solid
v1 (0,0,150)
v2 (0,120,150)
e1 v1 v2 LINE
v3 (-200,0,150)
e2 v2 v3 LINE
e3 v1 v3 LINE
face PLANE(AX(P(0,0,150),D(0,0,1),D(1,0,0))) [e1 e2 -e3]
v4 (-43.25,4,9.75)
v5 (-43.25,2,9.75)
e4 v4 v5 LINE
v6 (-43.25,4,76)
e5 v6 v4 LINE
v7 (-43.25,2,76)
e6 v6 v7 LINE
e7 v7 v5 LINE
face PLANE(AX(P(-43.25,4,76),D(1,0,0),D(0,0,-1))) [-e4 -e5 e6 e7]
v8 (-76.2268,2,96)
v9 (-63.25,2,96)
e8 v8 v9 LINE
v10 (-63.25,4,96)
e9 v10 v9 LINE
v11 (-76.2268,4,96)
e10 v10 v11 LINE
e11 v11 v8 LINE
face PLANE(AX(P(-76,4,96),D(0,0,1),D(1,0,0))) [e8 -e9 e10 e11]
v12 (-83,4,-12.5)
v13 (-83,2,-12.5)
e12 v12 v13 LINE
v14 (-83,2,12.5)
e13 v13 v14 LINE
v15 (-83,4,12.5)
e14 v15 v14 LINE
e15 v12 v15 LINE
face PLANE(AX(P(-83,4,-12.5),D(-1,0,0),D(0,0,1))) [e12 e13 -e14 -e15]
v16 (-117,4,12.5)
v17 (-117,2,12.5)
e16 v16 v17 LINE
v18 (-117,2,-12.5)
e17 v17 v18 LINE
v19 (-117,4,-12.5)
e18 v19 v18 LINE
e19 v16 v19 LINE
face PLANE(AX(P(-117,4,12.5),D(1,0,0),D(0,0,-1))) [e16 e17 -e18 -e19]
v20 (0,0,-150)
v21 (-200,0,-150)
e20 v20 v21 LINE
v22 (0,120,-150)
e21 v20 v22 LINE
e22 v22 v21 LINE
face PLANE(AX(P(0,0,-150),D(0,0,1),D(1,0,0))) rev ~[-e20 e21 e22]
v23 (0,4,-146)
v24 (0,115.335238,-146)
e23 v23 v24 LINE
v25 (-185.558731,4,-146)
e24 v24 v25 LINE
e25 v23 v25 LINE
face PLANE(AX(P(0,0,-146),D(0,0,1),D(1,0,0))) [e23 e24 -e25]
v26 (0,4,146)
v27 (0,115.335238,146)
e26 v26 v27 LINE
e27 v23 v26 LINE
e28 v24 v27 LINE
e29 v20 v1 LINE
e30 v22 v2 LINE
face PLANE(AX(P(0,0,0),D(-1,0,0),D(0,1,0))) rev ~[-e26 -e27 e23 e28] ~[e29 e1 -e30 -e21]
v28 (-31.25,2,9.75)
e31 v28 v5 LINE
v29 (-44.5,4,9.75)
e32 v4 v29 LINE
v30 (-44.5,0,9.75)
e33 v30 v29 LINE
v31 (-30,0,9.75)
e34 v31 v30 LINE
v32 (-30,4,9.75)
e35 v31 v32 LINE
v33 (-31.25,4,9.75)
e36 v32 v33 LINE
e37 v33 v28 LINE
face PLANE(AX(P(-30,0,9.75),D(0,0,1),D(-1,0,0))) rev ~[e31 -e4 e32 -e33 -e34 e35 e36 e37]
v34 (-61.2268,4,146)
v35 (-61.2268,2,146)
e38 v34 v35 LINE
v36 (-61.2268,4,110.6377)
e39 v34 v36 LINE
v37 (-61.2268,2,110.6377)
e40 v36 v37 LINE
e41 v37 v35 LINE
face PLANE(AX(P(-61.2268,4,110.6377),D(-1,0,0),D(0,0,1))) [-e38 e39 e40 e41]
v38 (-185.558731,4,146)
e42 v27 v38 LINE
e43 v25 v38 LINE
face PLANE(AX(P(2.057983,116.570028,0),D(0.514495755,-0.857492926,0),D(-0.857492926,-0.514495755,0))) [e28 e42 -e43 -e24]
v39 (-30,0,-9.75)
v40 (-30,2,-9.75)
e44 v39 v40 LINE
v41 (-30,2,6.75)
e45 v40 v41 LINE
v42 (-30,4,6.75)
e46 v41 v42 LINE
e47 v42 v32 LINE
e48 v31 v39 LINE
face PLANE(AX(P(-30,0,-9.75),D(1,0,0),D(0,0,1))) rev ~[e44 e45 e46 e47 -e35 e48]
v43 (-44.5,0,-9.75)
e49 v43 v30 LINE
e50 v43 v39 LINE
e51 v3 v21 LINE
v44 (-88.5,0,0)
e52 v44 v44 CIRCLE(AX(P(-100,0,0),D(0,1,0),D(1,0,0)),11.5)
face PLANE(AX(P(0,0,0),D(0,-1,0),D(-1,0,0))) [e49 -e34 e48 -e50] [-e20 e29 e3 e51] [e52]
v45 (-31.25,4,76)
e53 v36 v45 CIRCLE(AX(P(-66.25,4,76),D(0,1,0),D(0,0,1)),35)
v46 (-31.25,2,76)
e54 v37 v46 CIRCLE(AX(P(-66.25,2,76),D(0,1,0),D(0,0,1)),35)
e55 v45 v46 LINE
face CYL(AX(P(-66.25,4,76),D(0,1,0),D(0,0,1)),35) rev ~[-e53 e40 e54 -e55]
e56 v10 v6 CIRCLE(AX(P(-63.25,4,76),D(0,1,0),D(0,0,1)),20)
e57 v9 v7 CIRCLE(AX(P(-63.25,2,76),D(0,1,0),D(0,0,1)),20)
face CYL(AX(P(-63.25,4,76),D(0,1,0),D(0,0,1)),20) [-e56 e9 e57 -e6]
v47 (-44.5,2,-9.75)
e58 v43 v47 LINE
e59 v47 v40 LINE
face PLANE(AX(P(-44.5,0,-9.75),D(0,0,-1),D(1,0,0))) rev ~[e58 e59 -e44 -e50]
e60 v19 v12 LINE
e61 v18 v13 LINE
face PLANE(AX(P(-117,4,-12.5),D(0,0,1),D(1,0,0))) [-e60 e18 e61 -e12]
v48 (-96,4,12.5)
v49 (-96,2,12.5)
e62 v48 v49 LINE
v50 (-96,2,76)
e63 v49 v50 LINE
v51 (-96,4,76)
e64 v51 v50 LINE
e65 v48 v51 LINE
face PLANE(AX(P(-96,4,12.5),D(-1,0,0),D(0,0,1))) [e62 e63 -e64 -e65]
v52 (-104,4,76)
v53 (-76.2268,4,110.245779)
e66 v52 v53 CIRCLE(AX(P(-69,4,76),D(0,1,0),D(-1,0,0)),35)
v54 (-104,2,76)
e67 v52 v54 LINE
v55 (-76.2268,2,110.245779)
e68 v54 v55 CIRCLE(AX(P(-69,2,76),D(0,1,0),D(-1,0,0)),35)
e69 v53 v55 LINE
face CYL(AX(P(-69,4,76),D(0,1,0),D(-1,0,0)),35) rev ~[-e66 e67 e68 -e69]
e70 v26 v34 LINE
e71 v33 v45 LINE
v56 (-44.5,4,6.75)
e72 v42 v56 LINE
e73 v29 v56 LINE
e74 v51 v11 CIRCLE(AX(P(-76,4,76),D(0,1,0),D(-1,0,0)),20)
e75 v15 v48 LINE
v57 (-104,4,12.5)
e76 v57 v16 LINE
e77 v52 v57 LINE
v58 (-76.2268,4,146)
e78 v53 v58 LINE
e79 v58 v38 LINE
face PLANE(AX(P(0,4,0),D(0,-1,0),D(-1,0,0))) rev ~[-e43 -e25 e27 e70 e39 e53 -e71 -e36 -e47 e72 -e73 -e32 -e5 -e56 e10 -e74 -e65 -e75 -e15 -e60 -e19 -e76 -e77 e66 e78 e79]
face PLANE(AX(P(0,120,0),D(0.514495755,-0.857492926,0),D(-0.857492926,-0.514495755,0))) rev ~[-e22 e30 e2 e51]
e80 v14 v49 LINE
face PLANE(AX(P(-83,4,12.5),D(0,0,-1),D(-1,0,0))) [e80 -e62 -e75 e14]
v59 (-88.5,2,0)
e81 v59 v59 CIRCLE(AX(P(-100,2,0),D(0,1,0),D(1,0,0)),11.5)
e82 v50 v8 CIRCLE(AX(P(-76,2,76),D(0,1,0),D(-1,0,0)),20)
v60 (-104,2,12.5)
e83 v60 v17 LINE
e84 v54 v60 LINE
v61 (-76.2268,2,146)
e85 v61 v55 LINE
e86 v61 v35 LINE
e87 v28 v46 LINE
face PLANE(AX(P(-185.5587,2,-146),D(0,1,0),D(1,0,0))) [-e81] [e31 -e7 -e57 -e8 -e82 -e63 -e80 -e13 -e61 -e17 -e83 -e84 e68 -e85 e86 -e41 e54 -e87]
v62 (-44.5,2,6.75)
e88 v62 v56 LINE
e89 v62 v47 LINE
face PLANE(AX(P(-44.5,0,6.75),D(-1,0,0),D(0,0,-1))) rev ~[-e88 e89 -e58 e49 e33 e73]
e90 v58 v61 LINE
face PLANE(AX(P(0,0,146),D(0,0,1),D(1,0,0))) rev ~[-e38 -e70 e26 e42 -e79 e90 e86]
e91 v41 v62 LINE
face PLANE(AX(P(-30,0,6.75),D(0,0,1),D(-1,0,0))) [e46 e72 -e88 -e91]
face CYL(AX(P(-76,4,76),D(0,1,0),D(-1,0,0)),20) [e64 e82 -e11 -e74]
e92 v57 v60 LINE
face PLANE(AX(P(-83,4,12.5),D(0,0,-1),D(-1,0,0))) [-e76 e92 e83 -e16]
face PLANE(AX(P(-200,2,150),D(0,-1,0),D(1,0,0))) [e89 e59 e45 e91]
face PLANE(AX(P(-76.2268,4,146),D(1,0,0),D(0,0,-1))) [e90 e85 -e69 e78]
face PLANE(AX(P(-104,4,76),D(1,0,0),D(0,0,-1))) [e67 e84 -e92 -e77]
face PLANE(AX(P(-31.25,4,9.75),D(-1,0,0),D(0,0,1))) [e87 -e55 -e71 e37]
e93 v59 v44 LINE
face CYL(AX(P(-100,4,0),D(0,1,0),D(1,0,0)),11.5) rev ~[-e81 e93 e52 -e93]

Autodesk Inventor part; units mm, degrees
ref_plane "YZ Plane" through (0, 0, 0) normal (1, 0, 0) x (0, 1, 0)
ref_plane "XZ Plane" through (0, 0, 0) normal (0, 1, 0) x (-1, 0, 0)
ref_plane "XY Plane" through (0, 0, 0) normal (0, 0, 1) x (1, 0, 0)
sketch "Szkic1" plane through (0, 0, 0) normal (0, 0, 1) x (1, 0, 0)
  line L0 (0, 0) -> (-200, 0)
  line L1 (0, 0) -> (0, 120)
  line L2 (0, 120) -> (-200, 0)
  dimension "d0" = 200
  dimension "d1" = 120
extrude "Wyciągnięcie proste1" add sketch "Szkic1" along normal mid plane 300
shell "Skorupa1" thickness 4 removed faces 1 at (0, 40, -50)
sketch "Szkic2" plane through (-185.5587, 4, -146) normal (0, 1, 0) x (1, 0, 0)
  line L0 (68.5587, -133.5) -> (102.5587, -133.5)
  line L1 (102.5587, -133.5) -> (102.5587, -158.5)
  line L2 (102.5587, -158.5) -> (68.5587, -158.5)
  line L3 (68.5587, -158.5) -> (68.5587, -133.5)
  line L4 (185.5587, 4) -> (-14.4413, 4) projected
  line L5 (185.5587, 4) -> (185.5587, -296) projected
  circle A0 centre (85.5587, -146) radius 11.5
  point P0 (185.5587, -146)
  dimension "d5" = 34
  dimension "d6" = 25
  dimension "d7" = 137.5
  dimension "d8" = 83
  dimension "d9" = 23
  dimension "d10" = 100
  dimension "d11" = 150
extrude "Wyciągnięcie proste2" cut sketch "Szkic2" against normal through all contours A0
extrude "Wyciągnięcie proste3" cut sketch "Szkic2" against normal blind 2
sketch "Szkic3" plane through (-200, 0, 150) normal (0, -1, 0) x (1, 0, 0)
  circle A0 centre (100, -150) radius 11.5 projected
  line L0 (200, -300) -> (200, 0) projected
  line L1 (0, 0) -> (200, 0) projected
  line L2 (0, 0) -> (0, -300) projected
  line L3 (200, -300) -> (0, -300) projected
  line L4 (155.5, -159.75) -> (170, -159.75)
  line L5 (170, -159.75) -> (170, -140.25)
  line L6 (170, -140.25) -> (155.5, -140.25)
  line L7 (155.5, -140.25) -> (155.5, -159.75)
  line L8 (155.5, -159.75) -> (170, -140.25) construction
  line L9 (170, -159.75) -> (155.5, -140.25) construction
  line L10 (170, -143.25) -> (155.5, -143.25)
  point P0 (200, -150)
  point P1 (162.75, -150)
  dimension "d16" = 14.5
  dimension "d17" = 19.5
  dimension "d18" = 140.25
  dimension "d19" = 30
  dimension "d20" = 3
extrude "Wyciągnięcie proste4" cut sketch "Szkic3" against normal blind 2 contours L7 L10 L5 L4
extrude "Wyciągnięcie proste5" cut sketch "Szkic3" against normal blind 4 contours L7 L6 L5 L10
sketch "Szkic4" plane through (-185.5587, 4, -146) normal (0, 1, 0) x (1, 0, 0)
  line L0 (141.0587, -152.75) -> (155.5587, -152.75) projected
  line L1 (155.5587, -152.75) -> (155.5587, -155.75) projected
  line L2 (155.5587, -155.75) -> (141.0587, -155.75) projected
  line L3 (141.0587, -155.75) -> (141.0587, -152.75) projected
  line L4 (102.5587, -133.5) -> (102.5587, -158.5) projected
  line L5 (102.5587, -158.5) -> (68.5587, -158.5) projected
  line L6 (68.5587, -158.5) -> (68.5587, -133.5) projected
  line L7 (68.5587, -133.5) -> (102.5587, -133.5) projected
  line L8 (185.5587, 0) -> (185.5587, -292) projected
  line L9 (185.5587, 0) -> (0, 0) projected
  line L10 (0, -292) -> (0, 0) projected
  line L11 (0, -292) -> (185.5587, -292) projected
  line L12 (81.5587, -158.5) -> (89.5587, -158.5)
  line L13 (89.5587, -158.5) -> (89.5587, -222)
  line L14 (89.5587, -292) -> (81.5587, -292)
  line L15 (81.5587, -222) -> (81.5587, -158.5)
  line L16 (141.0587, -155.75) -> (155.5587, -155.75)
  line L17 (155.5587, -292) -> (141.0587, -292)
  line L18 (142.3087, -155.75) -> (154.3087, -155.75)
  line L19 (154.3087, -155.75) -> (154.3087, -222)
  line L20 (154.3087, -292) -> (142.3087, -292)
  line L21 (142.3087, -222) -> (142.3087, -155.75)
  line L22 (109.3319, -242) -> (124.3319, -242)
  line L23 (124.3319, -242) -> (124.3319, -292)
  line L24 (124.3319, -292) -> (109.3319, -292)
  line L25 (109.3319, -292) -> (109.3319, -242)
  line L26 (109.3319, -242) -> (109.5587, -242)
  line L27 (124.3319, -242) -> (122.3087, -242)
  line L28 (109.3319, -257) -> (116.5587, -257)
  line L29 (124.3319, -257) -> (119.3087, -257)
  arc A0 (89.5587, -222) -> (109.5587, -242) centre (109.5587, -222) ccw
  arc A1 (81.5587, -222) -> (116.5587, -257) centre (116.5587, -222) ccw
  arc A2 (122.3087, -242) -> (142.3087, -222) centre (122.3087, -222) ccw
  arc A3 (119.3087, -257) -> (154.3087, -222) centre (119.3087, -222) ccw
  line L30 (124.3319, -257) -> (124.3319, -256.6377)
  point P0 (185.5587, -146)
  point P1 (124.3319, -267)
  point P2 (116.8319, -292)
  point P3 (142.3087, -242)
  point P4 (89.5587, -257)
  point P5 (142.3087, -257)
  point P6 (109.3319, -256.2458)
  dimension "d25" = 96
  dimension "d26" = 8
  dimension "d28" = 31.25
  dimension "d29" = 12
  dimension "d33" = 15
  dimension "d34" = 61.2269
  dimension "d36" = 50
  dimension "d37" = 30
  dimension "d38" = 30
  dimension "d39" = 44.5
  dimension "d40" = 35
  dimension "d41" = 20
  dimension "d42" = 35
  dimension "d43" = 20
  dimension "d44" = 35
extrude "Wyciągnięcie proste6" cut sketch "Szkic4" against normal blind 2 contours L2 L19 A3 L23 L22 A2 L21 | L22 L23 A3 L29 L11 L25 L28 A1 | L23 L29 A3 | L25 A1 L15 L5 L13 A0 | A1 L28 L25
properties part number "PitchedRoof"
